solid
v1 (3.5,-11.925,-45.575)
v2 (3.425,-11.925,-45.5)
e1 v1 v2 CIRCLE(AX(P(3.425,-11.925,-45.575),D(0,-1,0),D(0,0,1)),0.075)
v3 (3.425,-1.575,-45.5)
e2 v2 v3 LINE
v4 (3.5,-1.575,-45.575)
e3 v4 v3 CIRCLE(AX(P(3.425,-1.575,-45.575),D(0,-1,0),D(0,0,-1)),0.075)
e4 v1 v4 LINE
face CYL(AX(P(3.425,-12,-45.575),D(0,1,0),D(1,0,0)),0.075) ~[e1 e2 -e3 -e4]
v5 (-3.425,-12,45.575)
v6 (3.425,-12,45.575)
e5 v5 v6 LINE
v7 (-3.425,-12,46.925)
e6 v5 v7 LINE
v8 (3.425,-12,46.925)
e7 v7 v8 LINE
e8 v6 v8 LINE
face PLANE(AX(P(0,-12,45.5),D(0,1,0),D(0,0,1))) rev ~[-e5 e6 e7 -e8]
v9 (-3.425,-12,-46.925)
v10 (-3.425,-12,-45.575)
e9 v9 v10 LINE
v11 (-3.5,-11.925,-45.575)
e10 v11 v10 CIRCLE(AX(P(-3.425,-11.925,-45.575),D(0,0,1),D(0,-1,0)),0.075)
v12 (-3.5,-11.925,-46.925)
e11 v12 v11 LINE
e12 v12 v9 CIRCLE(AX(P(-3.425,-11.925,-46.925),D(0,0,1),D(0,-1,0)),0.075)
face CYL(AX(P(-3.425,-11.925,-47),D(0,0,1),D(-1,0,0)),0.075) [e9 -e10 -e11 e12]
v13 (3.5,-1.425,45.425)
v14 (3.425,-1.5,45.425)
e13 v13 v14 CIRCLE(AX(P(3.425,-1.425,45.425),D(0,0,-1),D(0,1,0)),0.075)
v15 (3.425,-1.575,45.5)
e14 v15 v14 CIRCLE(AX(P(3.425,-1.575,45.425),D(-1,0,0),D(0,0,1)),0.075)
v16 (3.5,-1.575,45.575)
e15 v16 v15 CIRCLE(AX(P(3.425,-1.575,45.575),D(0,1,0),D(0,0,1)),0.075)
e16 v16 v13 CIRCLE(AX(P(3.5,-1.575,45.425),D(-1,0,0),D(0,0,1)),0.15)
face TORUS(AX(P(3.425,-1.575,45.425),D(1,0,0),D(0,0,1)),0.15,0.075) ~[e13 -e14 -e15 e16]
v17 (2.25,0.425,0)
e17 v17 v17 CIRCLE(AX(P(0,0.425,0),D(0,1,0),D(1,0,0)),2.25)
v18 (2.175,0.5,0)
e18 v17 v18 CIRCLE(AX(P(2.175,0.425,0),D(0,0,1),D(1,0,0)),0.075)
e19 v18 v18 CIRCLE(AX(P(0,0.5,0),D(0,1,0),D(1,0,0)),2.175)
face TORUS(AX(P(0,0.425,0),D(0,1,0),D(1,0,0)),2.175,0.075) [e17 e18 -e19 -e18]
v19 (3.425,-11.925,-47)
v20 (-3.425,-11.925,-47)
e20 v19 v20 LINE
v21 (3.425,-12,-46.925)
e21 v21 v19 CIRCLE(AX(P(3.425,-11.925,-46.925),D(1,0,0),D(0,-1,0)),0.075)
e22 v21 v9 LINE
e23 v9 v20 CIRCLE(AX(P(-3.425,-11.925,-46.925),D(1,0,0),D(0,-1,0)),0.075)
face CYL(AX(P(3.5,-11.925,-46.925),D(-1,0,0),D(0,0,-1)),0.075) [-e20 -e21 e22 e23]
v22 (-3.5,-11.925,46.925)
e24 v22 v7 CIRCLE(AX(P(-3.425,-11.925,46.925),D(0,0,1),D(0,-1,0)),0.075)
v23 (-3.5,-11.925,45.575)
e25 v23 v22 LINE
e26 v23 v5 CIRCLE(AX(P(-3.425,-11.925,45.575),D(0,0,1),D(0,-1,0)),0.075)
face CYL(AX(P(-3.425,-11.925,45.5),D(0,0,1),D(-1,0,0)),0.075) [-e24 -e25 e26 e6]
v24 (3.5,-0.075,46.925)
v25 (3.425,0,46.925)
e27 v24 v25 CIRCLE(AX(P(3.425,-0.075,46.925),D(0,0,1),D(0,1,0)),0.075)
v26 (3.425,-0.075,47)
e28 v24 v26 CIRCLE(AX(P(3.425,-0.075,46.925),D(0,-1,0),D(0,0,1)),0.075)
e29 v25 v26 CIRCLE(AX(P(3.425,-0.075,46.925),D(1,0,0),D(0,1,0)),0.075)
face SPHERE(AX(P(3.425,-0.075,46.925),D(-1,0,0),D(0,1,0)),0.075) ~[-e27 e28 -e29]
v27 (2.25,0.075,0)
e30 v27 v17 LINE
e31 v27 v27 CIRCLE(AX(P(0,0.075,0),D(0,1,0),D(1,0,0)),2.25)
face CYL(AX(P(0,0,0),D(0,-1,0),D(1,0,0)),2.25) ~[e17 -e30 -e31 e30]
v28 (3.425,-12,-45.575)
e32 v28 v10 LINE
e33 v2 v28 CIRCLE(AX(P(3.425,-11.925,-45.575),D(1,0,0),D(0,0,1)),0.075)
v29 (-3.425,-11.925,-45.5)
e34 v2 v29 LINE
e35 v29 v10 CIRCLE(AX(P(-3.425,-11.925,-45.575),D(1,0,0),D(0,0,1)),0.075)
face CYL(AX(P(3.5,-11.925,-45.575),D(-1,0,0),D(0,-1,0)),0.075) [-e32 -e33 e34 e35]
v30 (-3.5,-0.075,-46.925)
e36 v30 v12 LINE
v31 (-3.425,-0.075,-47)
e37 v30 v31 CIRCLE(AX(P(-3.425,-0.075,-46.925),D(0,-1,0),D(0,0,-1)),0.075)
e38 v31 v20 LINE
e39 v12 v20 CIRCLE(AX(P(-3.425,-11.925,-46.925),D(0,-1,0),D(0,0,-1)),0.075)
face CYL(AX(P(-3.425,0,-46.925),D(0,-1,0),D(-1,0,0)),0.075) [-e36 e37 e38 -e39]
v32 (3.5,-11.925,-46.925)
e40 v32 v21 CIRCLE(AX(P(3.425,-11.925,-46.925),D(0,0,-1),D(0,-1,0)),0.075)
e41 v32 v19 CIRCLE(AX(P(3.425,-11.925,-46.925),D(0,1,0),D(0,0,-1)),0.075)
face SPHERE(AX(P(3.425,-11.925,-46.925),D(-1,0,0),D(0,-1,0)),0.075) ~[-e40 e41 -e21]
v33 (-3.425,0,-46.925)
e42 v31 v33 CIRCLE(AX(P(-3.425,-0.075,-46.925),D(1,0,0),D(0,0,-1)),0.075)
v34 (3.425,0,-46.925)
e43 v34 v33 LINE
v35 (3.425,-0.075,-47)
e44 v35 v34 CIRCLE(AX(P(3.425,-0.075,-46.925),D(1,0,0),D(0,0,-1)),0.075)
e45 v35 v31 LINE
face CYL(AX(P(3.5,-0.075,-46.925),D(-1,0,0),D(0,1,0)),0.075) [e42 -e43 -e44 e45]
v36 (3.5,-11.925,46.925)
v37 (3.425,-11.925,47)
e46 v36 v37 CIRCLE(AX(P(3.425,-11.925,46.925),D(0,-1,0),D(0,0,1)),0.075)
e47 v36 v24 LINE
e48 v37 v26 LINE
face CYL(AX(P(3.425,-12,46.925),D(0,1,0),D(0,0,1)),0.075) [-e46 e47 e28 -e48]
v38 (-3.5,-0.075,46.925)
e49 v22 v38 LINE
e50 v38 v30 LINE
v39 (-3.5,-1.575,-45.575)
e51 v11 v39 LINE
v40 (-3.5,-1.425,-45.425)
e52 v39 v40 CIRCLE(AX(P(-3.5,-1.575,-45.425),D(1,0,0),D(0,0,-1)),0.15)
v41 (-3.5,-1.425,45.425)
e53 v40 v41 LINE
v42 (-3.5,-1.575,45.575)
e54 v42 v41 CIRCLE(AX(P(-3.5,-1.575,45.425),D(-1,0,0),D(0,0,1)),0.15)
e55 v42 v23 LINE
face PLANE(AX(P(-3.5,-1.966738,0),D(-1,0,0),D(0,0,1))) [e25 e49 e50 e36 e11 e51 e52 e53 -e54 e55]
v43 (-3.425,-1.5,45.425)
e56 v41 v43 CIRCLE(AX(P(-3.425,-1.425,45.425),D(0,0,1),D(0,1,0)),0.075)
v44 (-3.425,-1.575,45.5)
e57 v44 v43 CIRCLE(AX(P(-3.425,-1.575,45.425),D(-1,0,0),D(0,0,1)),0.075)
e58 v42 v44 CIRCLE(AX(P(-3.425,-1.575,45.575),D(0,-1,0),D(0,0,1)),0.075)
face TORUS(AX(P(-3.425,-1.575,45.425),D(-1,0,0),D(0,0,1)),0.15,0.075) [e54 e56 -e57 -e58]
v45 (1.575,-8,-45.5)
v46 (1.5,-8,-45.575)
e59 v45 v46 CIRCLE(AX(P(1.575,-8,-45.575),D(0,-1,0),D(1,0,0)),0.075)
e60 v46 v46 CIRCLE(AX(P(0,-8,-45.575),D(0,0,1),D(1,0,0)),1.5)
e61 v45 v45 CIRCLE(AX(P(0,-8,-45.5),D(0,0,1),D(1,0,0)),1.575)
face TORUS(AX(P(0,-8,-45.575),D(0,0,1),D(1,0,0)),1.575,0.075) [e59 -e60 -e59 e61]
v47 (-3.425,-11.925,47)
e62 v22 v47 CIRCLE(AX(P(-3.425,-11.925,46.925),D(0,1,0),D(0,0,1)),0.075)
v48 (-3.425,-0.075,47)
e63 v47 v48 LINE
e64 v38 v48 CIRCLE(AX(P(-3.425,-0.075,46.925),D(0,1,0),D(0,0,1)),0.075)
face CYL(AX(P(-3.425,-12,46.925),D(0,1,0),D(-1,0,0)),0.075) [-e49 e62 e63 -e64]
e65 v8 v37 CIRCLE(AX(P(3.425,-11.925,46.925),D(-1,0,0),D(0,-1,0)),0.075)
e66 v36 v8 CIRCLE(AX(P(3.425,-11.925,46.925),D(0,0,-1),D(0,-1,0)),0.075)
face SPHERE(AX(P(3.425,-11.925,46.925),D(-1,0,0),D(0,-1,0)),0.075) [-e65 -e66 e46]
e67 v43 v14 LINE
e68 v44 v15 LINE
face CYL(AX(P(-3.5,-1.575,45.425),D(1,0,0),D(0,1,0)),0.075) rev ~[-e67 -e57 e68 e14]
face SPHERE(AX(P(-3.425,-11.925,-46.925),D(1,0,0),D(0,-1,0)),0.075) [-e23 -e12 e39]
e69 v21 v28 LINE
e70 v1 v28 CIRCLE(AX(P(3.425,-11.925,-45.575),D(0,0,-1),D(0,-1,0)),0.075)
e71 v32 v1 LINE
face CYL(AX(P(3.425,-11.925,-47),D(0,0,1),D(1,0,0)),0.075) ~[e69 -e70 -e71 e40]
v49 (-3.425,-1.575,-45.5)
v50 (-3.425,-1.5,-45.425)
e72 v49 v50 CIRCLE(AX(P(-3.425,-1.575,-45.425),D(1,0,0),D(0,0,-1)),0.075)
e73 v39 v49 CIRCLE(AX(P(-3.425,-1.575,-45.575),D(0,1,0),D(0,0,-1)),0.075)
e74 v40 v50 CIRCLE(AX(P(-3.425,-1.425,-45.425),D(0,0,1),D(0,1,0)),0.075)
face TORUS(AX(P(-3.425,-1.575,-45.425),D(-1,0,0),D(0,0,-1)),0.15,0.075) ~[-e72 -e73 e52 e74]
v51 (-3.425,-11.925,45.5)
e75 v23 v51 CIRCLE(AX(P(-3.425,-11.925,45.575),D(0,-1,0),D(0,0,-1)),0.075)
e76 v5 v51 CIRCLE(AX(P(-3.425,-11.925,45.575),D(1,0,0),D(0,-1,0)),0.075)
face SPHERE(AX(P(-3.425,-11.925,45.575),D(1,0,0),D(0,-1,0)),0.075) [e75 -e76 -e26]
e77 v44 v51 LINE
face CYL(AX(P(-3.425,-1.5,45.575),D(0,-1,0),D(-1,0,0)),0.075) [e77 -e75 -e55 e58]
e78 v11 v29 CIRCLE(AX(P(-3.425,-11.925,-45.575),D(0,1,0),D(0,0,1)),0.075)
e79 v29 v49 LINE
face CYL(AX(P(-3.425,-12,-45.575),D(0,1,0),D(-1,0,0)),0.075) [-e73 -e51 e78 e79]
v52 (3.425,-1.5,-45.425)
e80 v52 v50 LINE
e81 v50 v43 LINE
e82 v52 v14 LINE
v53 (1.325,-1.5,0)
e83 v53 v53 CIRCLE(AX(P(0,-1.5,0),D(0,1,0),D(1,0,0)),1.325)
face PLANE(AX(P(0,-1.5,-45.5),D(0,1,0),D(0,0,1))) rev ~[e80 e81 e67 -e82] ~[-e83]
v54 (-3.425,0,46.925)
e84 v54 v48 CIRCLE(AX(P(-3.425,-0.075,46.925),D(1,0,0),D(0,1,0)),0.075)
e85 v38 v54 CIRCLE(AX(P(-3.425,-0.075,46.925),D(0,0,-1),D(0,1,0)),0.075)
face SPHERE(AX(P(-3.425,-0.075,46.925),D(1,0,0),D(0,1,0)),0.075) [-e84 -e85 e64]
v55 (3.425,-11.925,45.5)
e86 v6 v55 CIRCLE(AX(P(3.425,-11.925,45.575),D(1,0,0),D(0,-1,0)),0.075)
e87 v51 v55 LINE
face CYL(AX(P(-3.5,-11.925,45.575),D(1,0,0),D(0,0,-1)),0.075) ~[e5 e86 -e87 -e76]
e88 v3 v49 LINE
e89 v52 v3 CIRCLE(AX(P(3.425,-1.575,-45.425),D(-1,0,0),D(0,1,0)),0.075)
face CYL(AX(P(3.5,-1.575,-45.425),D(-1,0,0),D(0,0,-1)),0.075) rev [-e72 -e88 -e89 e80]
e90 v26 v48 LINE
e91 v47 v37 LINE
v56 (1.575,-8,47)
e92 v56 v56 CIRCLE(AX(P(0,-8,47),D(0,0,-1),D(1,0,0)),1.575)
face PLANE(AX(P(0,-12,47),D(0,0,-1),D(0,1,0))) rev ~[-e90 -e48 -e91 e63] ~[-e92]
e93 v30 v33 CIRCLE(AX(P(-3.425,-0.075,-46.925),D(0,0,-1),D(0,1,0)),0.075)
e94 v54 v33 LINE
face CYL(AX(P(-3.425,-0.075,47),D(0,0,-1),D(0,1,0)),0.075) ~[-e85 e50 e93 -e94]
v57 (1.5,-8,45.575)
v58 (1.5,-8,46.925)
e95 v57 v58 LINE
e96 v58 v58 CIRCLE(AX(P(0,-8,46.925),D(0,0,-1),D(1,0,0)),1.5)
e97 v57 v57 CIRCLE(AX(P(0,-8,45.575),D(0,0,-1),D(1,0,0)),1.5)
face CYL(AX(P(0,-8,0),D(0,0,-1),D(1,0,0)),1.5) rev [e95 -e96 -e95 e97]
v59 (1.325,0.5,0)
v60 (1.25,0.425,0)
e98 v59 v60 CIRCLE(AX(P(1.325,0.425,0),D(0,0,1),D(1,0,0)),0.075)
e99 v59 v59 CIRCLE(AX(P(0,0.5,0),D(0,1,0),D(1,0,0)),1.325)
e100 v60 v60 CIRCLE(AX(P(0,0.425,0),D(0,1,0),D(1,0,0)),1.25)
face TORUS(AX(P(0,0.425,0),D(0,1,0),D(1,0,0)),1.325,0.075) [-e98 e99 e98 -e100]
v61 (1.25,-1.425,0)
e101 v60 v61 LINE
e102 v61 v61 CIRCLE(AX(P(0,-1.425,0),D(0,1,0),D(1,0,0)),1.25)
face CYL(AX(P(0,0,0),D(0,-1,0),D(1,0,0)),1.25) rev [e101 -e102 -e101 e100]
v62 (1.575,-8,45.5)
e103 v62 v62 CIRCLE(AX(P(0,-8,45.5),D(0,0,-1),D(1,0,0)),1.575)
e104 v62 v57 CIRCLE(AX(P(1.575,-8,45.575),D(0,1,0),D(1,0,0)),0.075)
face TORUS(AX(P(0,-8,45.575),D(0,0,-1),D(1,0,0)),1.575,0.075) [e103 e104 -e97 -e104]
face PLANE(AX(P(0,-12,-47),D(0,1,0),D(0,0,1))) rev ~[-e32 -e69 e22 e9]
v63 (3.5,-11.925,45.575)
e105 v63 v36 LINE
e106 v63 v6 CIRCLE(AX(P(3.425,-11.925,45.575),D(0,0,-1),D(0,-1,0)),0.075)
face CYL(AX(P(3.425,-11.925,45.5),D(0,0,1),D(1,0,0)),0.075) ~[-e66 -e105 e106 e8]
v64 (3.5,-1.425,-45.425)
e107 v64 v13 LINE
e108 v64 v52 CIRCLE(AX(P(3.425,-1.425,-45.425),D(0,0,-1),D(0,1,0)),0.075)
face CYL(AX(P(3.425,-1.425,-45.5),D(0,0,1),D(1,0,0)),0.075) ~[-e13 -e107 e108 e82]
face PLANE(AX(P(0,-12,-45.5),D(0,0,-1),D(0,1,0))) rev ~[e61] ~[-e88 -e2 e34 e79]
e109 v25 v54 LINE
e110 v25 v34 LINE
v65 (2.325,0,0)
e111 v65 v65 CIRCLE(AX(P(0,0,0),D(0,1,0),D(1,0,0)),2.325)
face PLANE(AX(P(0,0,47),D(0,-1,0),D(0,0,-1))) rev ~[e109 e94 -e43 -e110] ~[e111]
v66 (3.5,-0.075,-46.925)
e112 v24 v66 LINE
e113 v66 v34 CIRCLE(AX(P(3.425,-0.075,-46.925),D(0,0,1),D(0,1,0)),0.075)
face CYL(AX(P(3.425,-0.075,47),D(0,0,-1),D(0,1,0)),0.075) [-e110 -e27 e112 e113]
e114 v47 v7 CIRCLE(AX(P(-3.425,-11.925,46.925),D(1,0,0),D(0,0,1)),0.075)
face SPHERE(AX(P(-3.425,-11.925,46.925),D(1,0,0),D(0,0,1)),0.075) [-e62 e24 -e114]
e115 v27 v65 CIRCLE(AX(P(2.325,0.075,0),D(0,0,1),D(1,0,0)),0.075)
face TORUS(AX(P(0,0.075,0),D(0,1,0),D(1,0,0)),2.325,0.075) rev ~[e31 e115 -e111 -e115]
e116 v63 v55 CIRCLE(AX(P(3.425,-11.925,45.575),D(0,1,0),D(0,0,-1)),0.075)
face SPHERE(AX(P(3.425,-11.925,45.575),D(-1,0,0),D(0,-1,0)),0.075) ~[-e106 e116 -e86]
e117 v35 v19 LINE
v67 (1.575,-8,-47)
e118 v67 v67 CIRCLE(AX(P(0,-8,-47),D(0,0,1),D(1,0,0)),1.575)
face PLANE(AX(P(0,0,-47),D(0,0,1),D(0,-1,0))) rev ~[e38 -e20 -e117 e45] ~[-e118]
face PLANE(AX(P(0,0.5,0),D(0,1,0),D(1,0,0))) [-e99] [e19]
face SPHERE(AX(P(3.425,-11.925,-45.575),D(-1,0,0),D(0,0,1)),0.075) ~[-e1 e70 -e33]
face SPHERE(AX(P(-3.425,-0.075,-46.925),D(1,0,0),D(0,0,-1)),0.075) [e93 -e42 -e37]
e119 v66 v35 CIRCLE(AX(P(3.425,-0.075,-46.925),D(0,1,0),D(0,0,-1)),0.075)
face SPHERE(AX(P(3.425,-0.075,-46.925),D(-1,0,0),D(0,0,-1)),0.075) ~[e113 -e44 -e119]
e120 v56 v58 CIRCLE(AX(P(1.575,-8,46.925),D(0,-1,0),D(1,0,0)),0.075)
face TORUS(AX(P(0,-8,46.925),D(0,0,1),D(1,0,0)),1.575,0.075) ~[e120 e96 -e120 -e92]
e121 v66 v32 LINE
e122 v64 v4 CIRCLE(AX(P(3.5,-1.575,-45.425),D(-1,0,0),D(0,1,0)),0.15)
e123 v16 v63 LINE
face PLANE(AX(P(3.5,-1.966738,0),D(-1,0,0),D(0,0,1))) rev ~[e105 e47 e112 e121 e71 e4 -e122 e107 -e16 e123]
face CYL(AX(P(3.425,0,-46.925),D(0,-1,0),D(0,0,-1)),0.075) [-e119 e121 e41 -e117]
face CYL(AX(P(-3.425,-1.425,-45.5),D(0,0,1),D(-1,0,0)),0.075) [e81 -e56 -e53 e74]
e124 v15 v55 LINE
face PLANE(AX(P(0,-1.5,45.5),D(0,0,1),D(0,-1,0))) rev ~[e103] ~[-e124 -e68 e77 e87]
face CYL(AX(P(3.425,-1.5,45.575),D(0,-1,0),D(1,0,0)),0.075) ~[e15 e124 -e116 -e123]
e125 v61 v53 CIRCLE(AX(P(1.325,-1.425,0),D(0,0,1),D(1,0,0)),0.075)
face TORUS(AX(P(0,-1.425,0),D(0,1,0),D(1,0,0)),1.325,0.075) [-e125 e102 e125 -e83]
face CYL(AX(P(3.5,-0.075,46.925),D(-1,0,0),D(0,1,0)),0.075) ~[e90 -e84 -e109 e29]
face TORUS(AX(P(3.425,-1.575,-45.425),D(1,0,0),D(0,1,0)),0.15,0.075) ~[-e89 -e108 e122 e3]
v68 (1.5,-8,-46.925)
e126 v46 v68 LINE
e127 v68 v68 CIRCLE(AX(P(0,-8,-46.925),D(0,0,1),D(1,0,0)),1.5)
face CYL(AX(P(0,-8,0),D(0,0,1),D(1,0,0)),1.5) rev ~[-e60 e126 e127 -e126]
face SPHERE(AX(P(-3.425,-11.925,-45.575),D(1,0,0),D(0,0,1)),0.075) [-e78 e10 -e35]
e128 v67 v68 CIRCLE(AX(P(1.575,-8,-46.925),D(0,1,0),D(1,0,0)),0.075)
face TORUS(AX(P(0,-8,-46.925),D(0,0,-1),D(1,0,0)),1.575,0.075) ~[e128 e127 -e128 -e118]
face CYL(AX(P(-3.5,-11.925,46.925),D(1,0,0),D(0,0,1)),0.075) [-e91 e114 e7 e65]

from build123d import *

# Parameters (mm, degrees)
BOSS_EXTRUDE1_DEPTH      = 3.5
BOSS_EXTRUDE1_DEPTH_BACK = 3.5
SKETCH2_R                = 1.25
CUT_EXTRUDE1_DEPTH       = 1.5
SKETCH3_R                = 2.25
SKETCH3_R_2              = 1.25
BOSS_EXTRUDE3_DEPTH      = 0.5
SKETCH5_R                = 1.5
CUT_EXTRUDE5_DEPTH       = 48
CUT_EXTRUDE5_DEPTH_BACK  = 48
FILLET1_R                = 0.075


with BuildPart() as part:
    # Sketch1 → Boss-Extrude1 (new body, two sides)
    with BuildSketch(Plane(origin=(0, 0, 0), x_dir=(0, 0, -1), z_dir=(1, 0, 0))) as boss_extrude1_sk:
        Polygon((-47, -12), (-47, 0), (47, 0), (47, -12), (45.5, -12), (45.5, -1.5), (-45.5, -1.5), (-45.5, -12), align=None)
    extrude(amount=BOSS_EXTRUDE1_DEPTH)
    extrude(boss_extrude1_sk.sketch, amount=-BOSS_EXTRUDE1_DEPTH_BACK)

    # Sketch2 → Cut-Extrude1 (cut)
    with BuildSketch(Plane(origin=(0, 0, 0), x_dir=(1, 0, 0), z_dir=(0, 1, 0))):
        Circle(SKETCH2_R)
    extrude(amount=-CUT_EXTRUDE1_DEPTH, mode=Mode.SUBTRACT)

    # Sketch3 → Boss-Extrude3 (add)
    with BuildSketch(Plane(origin=(0, 0, 0), x_dir=(1, 0, 0), z_dir=(0, 1, 0))):
        Circle(SKETCH3_R)
        Circle(SKETCH3_R_2, mode=Mode.SUBTRACT)
    extrude(amount=BOSS_EXTRUDE3_DEPTH)

    # Sketch5 → Cut-Extrude5 (cut, two sides)
    with BuildSketch(Plane.XY) as cut_extrude5_sk:
        with Locations((0, -8)):
            Circle(SKETCH5_R)
    extrude(amount=CUT_EXTRUDE5_DEPTH, mode=Mode.SUBTRACT)
    extrude(cut_extrude5_sk.sketch, amount=-CUT_EXTRUDE5_DEPTH_BACK, mode=Mode.SUBTRACT)

    # Fillet1
    fillet1_edges = [part.edges().sort_by_distance(p)[0] for p in [
        (-3.5, -1.5, 0),
        (0, -12, 47),
        (0, 0, 47),
        (0, 0, -47),
        (0, -12, -47),
        (0, -12, -45.5),
        (0, -1.5, -45.5),
        (0, -1.5, 45.5),
        (0, -12, 45.5),
        (-3.5, -6.75, -45.5),
        (-3.5, -12, -46.25),
        (3.5, -12, 46.25),
        (3.5, -6.75, 45.5),
        (3.5, -1.5, 0),
        (3.5, -6.75, -45.5),
        (3.5, -12, -46.25),
        (-3.5, -6, -47),
        (3.5, -6, -47),
        (3.5, 0, 0),
        (3.5, -6, 47),
        (-3.5, 0, 0),
        (-3.5, -6, 47),
        (-1.25, -1.5, 0),
        (-2.25, 0.5, 0),
        (-2.25, 0, 0),
        (-1.25, 0.5, 0),
        (-3.5, -12, 46.25),
        (-1.5, -8, 45.5),
        (-1.5, -8, -45.5),
        (-1.5, -8, -47),
        (-1.5, -8, 47),
        (-3.5, -6.75, 45.5),
    ]]
    fillet(fillet1_edges, radius=FILLET1_R)


solid = part.part
